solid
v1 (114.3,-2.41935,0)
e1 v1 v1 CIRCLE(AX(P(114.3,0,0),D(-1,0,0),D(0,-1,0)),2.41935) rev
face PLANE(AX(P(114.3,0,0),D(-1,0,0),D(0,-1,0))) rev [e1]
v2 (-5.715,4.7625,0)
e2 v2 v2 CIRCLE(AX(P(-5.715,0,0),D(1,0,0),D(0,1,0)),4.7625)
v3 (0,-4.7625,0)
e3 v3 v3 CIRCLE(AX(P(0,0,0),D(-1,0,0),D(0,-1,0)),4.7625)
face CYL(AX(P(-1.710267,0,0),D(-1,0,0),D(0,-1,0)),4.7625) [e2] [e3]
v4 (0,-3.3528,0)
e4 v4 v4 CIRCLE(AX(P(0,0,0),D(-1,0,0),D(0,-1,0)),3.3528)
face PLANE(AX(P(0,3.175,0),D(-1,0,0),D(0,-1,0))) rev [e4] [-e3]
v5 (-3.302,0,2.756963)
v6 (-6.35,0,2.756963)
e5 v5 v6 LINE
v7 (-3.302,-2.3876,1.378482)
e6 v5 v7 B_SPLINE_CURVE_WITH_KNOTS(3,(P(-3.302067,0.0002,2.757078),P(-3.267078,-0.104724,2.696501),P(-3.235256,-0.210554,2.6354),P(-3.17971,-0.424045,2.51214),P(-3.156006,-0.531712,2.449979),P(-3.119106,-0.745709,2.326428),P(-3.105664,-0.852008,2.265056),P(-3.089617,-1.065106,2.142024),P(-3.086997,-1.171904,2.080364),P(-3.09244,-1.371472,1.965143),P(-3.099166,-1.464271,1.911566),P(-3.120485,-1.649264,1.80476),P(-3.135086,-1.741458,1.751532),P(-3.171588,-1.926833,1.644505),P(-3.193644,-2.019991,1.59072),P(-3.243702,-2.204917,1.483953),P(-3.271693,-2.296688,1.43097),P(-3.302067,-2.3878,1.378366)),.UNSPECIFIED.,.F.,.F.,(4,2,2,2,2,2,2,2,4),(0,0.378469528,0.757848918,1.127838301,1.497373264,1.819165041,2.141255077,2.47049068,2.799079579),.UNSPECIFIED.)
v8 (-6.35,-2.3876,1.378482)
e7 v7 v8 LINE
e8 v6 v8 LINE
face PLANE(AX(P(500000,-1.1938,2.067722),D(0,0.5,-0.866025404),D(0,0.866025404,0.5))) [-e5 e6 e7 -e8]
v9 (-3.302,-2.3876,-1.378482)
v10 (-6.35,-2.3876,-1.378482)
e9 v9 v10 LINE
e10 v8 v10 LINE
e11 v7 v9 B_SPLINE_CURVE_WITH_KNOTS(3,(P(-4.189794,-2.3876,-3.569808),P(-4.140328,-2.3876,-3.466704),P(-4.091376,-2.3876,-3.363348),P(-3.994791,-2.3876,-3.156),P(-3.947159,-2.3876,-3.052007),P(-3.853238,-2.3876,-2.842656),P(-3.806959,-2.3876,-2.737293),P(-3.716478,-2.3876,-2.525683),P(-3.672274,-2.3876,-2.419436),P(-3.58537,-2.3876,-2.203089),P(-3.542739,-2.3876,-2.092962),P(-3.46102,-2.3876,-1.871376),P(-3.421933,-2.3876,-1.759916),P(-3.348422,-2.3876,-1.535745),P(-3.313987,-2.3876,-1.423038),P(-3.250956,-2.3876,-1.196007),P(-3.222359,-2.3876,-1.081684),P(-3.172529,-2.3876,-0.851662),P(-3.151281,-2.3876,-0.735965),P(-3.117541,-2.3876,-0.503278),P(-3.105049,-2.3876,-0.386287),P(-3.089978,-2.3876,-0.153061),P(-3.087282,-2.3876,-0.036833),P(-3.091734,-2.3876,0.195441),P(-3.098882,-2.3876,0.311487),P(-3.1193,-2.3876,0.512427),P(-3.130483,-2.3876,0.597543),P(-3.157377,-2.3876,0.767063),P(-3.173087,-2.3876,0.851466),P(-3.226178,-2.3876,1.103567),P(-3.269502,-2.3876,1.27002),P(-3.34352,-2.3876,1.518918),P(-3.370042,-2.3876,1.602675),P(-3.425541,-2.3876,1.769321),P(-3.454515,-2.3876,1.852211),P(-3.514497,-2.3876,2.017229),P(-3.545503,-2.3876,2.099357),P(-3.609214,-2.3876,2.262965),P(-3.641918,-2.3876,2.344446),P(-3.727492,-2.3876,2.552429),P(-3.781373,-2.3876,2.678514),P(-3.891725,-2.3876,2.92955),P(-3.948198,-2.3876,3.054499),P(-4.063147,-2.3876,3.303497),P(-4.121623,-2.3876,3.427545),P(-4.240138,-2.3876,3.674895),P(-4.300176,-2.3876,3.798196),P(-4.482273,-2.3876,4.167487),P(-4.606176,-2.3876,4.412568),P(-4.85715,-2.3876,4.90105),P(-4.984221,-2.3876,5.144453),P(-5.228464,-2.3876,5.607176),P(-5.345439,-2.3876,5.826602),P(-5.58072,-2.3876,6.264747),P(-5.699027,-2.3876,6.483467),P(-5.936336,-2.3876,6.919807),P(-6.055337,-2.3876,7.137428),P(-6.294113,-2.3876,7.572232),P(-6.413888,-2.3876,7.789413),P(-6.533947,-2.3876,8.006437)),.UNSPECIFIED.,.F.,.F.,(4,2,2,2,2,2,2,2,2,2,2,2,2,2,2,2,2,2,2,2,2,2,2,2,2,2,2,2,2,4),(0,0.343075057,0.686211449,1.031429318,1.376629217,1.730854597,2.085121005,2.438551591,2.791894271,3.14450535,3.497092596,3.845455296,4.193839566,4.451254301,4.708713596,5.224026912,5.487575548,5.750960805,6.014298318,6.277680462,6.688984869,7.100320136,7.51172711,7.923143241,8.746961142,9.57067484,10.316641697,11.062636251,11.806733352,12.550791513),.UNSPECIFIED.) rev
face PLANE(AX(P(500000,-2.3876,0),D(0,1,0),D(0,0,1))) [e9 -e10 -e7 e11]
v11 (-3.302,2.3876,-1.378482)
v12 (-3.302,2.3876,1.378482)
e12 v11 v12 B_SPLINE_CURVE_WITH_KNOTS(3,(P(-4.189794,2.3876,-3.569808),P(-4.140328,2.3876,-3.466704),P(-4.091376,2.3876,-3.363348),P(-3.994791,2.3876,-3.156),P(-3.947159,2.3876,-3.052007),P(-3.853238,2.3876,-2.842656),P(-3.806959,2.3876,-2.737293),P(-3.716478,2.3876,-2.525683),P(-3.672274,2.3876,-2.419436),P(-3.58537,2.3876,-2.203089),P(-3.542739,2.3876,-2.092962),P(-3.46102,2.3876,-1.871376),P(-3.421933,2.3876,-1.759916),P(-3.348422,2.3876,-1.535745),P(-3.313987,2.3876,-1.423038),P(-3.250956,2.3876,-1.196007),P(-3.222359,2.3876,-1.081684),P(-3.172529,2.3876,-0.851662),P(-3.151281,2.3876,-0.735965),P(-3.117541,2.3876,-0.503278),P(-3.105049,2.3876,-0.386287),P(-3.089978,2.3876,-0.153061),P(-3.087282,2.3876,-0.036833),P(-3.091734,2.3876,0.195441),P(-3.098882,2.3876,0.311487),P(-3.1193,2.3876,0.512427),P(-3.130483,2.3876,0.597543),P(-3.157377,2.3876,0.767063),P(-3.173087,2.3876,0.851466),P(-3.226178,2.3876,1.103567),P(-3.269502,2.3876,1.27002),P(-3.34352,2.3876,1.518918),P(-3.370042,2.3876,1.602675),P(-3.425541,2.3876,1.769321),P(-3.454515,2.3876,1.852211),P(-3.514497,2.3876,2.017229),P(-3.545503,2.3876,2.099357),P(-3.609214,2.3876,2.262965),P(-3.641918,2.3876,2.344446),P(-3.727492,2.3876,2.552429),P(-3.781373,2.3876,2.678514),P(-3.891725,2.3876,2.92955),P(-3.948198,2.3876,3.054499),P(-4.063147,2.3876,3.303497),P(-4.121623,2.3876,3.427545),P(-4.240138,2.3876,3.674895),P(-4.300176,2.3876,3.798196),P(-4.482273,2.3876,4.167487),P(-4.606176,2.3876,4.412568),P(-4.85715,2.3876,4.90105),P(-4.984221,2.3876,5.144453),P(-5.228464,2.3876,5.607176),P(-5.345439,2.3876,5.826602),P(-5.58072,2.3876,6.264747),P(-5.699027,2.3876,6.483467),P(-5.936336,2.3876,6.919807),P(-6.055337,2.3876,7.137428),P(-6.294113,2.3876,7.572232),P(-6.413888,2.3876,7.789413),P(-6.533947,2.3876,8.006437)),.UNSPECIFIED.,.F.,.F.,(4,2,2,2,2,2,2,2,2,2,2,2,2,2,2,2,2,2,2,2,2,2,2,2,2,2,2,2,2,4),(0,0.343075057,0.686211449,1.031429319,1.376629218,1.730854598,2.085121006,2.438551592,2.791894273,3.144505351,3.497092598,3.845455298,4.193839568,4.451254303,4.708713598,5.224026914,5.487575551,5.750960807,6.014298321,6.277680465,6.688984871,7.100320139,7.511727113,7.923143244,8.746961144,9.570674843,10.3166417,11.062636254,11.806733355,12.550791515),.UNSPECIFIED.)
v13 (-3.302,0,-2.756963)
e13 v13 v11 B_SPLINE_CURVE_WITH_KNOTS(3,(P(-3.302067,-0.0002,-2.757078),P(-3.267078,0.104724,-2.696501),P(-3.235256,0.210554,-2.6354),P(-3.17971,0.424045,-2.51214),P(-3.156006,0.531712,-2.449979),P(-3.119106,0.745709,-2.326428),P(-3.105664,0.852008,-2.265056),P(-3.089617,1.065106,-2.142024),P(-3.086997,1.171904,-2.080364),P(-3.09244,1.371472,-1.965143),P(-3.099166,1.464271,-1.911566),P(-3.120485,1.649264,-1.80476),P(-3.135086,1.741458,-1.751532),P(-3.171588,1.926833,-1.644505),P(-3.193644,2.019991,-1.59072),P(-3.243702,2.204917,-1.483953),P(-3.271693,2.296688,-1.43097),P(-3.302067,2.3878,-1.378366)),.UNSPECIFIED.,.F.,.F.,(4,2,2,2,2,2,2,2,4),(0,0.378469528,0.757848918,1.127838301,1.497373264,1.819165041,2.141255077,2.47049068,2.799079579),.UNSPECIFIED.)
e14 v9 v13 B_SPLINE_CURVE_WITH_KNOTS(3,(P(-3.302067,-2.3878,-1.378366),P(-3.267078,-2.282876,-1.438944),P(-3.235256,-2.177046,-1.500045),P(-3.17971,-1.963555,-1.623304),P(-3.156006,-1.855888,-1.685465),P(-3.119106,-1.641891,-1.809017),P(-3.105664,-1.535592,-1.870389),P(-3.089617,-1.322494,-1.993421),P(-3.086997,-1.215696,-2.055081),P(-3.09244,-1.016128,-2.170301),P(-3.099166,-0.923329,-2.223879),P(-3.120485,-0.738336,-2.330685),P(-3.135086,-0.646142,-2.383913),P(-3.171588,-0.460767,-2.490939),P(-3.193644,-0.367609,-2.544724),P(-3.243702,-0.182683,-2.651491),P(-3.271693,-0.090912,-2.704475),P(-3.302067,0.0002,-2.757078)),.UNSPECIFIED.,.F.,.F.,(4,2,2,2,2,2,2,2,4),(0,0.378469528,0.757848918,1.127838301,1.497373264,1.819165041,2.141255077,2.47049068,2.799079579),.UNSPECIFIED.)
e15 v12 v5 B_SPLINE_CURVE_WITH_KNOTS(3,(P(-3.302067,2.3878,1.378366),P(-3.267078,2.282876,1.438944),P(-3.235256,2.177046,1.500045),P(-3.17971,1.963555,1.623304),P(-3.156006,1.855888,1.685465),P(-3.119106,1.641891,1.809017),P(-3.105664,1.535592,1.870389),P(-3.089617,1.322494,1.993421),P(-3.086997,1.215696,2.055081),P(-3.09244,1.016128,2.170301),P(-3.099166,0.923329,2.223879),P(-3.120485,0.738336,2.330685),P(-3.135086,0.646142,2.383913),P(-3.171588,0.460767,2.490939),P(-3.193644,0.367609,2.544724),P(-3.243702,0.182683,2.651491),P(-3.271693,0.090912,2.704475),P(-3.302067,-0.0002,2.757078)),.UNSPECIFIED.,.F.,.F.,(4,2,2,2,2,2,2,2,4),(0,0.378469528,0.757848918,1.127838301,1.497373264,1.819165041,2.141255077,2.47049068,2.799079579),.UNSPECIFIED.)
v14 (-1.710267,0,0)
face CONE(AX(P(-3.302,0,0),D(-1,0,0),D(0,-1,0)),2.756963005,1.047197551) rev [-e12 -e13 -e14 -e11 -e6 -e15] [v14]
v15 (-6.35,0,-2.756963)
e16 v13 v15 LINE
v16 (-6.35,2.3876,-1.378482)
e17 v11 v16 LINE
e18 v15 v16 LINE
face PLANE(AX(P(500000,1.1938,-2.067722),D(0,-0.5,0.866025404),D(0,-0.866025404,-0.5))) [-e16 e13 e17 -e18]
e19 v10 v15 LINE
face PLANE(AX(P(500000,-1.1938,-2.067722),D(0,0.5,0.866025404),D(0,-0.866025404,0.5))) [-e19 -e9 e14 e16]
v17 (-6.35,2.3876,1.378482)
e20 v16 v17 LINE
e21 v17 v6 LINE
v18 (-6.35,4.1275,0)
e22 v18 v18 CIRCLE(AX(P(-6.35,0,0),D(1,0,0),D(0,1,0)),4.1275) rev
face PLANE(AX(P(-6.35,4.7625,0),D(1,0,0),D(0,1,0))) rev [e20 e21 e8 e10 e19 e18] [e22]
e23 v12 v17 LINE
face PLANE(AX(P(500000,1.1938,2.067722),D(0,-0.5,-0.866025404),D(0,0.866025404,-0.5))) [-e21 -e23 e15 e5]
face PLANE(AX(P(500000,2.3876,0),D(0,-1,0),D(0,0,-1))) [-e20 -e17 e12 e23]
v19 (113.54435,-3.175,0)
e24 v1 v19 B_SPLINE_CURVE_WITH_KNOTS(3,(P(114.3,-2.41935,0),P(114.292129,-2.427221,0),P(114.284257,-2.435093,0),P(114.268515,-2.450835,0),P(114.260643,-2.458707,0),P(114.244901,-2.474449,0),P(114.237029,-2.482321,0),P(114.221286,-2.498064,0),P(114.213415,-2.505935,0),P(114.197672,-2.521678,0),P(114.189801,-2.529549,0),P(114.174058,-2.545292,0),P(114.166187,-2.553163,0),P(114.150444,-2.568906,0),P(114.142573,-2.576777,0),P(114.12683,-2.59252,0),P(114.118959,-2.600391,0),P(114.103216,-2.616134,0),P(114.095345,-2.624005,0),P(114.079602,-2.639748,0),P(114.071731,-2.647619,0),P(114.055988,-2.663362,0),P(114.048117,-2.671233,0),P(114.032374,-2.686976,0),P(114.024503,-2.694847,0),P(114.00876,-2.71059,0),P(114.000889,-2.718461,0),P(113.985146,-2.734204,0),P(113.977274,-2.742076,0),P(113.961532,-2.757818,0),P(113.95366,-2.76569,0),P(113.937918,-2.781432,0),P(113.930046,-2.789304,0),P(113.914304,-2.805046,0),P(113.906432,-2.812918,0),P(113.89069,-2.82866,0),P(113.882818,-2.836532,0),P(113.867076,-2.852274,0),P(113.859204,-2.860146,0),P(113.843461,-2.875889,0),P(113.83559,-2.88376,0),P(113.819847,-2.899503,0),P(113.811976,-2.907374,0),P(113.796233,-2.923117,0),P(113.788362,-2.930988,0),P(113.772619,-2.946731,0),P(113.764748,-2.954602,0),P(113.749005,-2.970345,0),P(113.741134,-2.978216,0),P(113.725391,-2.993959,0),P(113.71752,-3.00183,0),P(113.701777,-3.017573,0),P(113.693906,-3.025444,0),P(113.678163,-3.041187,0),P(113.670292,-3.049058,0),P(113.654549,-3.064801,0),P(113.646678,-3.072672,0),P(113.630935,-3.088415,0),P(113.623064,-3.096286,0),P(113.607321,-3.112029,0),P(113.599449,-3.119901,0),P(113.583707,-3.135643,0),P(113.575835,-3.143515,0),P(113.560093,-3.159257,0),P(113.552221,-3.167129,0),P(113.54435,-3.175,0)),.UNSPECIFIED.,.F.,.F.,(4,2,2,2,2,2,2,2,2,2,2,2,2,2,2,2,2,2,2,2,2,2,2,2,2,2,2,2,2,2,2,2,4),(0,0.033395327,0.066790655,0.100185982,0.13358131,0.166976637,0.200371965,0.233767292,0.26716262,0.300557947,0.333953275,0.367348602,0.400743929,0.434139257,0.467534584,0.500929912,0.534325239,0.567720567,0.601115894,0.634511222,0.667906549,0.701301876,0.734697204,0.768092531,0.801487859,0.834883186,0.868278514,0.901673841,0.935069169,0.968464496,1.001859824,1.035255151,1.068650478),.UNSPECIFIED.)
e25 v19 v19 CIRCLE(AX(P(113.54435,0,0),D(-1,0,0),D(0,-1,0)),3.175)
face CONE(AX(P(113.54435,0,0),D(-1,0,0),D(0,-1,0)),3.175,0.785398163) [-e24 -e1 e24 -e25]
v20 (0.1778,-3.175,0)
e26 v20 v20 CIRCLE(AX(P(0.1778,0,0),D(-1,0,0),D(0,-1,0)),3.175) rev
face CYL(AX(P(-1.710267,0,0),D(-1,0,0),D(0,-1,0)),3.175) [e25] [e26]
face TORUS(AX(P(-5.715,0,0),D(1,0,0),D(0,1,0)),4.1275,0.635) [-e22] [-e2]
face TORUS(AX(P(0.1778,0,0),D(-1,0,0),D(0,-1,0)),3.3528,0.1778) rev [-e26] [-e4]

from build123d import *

# Parameters (mm, degrees)
SLOT_REACH    = 122.838
THREAD_R      = 0.635
CHAMFER1_SIZE = 0.75565
FILLET2_R     = 0.1778


with BuildPart() as part:
    # Sketch1 → Body (revolve)
    with BuildSketch(Plane.XY, mode=Mode.PRIVATE) as body_sk:
        Polygon((-1.710266667, 0), (114.3, 0), (114.3, 3.175), (88.9, 3.175), (85.7249, 3.175), (0, 3.175), (0, 4.7625), (-6.35, 4.7625), (-6.35, 2.756963005), (-3.302, 2.756963005), align=None)
    revolve(body_sk.sketch.rotate(Axis((-1.710266667, 0, 0), (1, 0, 0)), 180), axis=Axis((-1.710266667, 0, 0), (1, 0, 0)))

    # Slot: up to this cone (the profile starts inside it)
    slot_end = Plane(origin=(-6.35, 0, 0), z_dir=(-1, 0, 0)).offset(-4.639732333) * Cone(1.732e-06, 235.583136371, 136.0139862, align=(Align.CENTER, Align.CENTER, Align.MIN), mode=Mode.PRIVATE)
    # Sketch2 → Slot (add, up to the surface)
    with BuildSketch(Plane.ZY.offset(6.35), mode=Mode.PRIVATE) as slot_sk1:
        with BuildLine():
            ThreePointArc((1.378481503, -2.3876), (2.3876, -1.378481503), (2.756963005, 0))
            Line((2.756963005, 0), (1.378481503, -2.3876))
        make_face()
    slot_tool1 = extrude(slot_sk1.sketch, amount=-SLOT_REACH, mode=Mode.PRIVATE) & slot_end
    add(slot_tool1.solids().sort_by_distance((-6.35, -1.268114, 2.196438))[0])
    # Sketch2 → Slot (add, up to the surface)
    with BuildSketch(Plane.ZY.offset(6.35), mode=Mode.PRIVATE) as slot_sk2:
        with BuildLine():
            ThreePointArc((-1.378481503, -2.3876), (0, -2.756963005), (1.378481503, -2.3876))
            Line((1.378481503, -2.3876), (-1.378481503, -2.3876))
        make_face()
    slot_tool2 = extrude(slot_sk2.sketch, amount=-SLOT_REACH, mode=Mode.PRIVATE) & slot_end
    add(slot_tool2.solids().sort_by_distance((-6.35, -2.536228, 0))[0])
    # Sketch2 → Slot (add, up to the surface)
    with BuildSketch(Plane.ZY.offset(6.35), mode=Mode.PRIVATE) as slot_sk3:
        with BuildLine():
            ThreePointArc((-2.756963005, 0), (-2.3876, -1.378481503), (-1.378481503, -2.3876))
            Line((-1.378481503, -2.3876), (-2.756963005, 0))
        make_face()
    slot_tool3 = extrude(slot_sk3.sketch, amount=-SLOT_REACH, mode=Mode.PRIVATE) & slot_end
    add(slot_tool3.solids().sort_by_distance((-6.35, -1.268114, -2.196438))[0])
    # Sketch2 → Slot (add, up to the surface)
    with BuildSketch(Plane.ZY.offset(6.35), mode=Mode.PRIVATE) as slot_sk4:
        with BuildLine():
            Line((-2.756963005, 0), (-1.378481503, 2.3876))
            ThreePointArc((-1.378481503, 2.3876), (-2.3876, 1.378481503), (-2.756963005, 0))
        make_face()
    slot_tool4 = extrude(slot_sk4.sketch, amount=-SLOT_REACH, mode=Mode.PRIVATE) & slot_end
    add(slot_tool4.solids().sort_by_distance((-6.35, 1.268114, -2.196438))[0])
    # Sketch2 → Slot (add, up to the surface)
    with BuildSketch(Plane.ZY.offset(6.35), mode=Mode.PRIVATE) as slot_sk5:
        with BuildLine():
            Line((-1.378481503, 2.3876), (1.378481503, 2.3876))
            ThreePointArc((1.378481503, 2.3876), (0, 2.756963005), (-1.378481503, 2.3876))
        make_face()
    slot_tool5 = extrude(slot_sk5.sketch, amount=-SLOT_REACH, mode=Mode.PRIVATE) & slot_end
    add(slot_tool5.solids().sort_by_distance((-6.35, 2.536228, 0))[0])
    # Sketch2 → Slot (add, up to the surface)
    with BuildSketch(Plane.ZY.offset(6.35), mode=Mode.PRIVATE) as slot_sk6:
        with BuildLine():
            Line((1.378481503, 2.3876), (2.756963005, 0))
            ThreePointArc((2.756963005, 0), (2.3876, 1.378481503), (1.378481503, 2.3876))
        make_face()
    slot_tool6 = extrude(slot_sk6.sketch, amount=-SLOT_REACH, mode=Mode.PRIVATE) & slot_end
    add(slot_tool6.solids().sort_by_distance((-6.35, 1.268114, 2.196438))[0])

    # Thread
    thread_edges = [part.edges().sort_by_distance(p)[0] for p in [
        (-6.35, 4.7625, 0),
    ]]
    fillet(thread_edges, radius=THREAD_R)

    # Chamfer1
    chamfer1_edges = [part.edges().sort_by_distance(p)[0] for p in [
        (114.3, 3.175, 0),
    ]]
    chamfer(chamfer1_edges, length=CHAMFER1_SIZE)

    # Fillet2
    fillet2_edges = [part.edges().sort_by_distance(p)[0] for p in [
        (0, 3.175, 0),
    ]]
    fillet(fillet2_edges, radius=FILLET2_R)


solid = part.part
